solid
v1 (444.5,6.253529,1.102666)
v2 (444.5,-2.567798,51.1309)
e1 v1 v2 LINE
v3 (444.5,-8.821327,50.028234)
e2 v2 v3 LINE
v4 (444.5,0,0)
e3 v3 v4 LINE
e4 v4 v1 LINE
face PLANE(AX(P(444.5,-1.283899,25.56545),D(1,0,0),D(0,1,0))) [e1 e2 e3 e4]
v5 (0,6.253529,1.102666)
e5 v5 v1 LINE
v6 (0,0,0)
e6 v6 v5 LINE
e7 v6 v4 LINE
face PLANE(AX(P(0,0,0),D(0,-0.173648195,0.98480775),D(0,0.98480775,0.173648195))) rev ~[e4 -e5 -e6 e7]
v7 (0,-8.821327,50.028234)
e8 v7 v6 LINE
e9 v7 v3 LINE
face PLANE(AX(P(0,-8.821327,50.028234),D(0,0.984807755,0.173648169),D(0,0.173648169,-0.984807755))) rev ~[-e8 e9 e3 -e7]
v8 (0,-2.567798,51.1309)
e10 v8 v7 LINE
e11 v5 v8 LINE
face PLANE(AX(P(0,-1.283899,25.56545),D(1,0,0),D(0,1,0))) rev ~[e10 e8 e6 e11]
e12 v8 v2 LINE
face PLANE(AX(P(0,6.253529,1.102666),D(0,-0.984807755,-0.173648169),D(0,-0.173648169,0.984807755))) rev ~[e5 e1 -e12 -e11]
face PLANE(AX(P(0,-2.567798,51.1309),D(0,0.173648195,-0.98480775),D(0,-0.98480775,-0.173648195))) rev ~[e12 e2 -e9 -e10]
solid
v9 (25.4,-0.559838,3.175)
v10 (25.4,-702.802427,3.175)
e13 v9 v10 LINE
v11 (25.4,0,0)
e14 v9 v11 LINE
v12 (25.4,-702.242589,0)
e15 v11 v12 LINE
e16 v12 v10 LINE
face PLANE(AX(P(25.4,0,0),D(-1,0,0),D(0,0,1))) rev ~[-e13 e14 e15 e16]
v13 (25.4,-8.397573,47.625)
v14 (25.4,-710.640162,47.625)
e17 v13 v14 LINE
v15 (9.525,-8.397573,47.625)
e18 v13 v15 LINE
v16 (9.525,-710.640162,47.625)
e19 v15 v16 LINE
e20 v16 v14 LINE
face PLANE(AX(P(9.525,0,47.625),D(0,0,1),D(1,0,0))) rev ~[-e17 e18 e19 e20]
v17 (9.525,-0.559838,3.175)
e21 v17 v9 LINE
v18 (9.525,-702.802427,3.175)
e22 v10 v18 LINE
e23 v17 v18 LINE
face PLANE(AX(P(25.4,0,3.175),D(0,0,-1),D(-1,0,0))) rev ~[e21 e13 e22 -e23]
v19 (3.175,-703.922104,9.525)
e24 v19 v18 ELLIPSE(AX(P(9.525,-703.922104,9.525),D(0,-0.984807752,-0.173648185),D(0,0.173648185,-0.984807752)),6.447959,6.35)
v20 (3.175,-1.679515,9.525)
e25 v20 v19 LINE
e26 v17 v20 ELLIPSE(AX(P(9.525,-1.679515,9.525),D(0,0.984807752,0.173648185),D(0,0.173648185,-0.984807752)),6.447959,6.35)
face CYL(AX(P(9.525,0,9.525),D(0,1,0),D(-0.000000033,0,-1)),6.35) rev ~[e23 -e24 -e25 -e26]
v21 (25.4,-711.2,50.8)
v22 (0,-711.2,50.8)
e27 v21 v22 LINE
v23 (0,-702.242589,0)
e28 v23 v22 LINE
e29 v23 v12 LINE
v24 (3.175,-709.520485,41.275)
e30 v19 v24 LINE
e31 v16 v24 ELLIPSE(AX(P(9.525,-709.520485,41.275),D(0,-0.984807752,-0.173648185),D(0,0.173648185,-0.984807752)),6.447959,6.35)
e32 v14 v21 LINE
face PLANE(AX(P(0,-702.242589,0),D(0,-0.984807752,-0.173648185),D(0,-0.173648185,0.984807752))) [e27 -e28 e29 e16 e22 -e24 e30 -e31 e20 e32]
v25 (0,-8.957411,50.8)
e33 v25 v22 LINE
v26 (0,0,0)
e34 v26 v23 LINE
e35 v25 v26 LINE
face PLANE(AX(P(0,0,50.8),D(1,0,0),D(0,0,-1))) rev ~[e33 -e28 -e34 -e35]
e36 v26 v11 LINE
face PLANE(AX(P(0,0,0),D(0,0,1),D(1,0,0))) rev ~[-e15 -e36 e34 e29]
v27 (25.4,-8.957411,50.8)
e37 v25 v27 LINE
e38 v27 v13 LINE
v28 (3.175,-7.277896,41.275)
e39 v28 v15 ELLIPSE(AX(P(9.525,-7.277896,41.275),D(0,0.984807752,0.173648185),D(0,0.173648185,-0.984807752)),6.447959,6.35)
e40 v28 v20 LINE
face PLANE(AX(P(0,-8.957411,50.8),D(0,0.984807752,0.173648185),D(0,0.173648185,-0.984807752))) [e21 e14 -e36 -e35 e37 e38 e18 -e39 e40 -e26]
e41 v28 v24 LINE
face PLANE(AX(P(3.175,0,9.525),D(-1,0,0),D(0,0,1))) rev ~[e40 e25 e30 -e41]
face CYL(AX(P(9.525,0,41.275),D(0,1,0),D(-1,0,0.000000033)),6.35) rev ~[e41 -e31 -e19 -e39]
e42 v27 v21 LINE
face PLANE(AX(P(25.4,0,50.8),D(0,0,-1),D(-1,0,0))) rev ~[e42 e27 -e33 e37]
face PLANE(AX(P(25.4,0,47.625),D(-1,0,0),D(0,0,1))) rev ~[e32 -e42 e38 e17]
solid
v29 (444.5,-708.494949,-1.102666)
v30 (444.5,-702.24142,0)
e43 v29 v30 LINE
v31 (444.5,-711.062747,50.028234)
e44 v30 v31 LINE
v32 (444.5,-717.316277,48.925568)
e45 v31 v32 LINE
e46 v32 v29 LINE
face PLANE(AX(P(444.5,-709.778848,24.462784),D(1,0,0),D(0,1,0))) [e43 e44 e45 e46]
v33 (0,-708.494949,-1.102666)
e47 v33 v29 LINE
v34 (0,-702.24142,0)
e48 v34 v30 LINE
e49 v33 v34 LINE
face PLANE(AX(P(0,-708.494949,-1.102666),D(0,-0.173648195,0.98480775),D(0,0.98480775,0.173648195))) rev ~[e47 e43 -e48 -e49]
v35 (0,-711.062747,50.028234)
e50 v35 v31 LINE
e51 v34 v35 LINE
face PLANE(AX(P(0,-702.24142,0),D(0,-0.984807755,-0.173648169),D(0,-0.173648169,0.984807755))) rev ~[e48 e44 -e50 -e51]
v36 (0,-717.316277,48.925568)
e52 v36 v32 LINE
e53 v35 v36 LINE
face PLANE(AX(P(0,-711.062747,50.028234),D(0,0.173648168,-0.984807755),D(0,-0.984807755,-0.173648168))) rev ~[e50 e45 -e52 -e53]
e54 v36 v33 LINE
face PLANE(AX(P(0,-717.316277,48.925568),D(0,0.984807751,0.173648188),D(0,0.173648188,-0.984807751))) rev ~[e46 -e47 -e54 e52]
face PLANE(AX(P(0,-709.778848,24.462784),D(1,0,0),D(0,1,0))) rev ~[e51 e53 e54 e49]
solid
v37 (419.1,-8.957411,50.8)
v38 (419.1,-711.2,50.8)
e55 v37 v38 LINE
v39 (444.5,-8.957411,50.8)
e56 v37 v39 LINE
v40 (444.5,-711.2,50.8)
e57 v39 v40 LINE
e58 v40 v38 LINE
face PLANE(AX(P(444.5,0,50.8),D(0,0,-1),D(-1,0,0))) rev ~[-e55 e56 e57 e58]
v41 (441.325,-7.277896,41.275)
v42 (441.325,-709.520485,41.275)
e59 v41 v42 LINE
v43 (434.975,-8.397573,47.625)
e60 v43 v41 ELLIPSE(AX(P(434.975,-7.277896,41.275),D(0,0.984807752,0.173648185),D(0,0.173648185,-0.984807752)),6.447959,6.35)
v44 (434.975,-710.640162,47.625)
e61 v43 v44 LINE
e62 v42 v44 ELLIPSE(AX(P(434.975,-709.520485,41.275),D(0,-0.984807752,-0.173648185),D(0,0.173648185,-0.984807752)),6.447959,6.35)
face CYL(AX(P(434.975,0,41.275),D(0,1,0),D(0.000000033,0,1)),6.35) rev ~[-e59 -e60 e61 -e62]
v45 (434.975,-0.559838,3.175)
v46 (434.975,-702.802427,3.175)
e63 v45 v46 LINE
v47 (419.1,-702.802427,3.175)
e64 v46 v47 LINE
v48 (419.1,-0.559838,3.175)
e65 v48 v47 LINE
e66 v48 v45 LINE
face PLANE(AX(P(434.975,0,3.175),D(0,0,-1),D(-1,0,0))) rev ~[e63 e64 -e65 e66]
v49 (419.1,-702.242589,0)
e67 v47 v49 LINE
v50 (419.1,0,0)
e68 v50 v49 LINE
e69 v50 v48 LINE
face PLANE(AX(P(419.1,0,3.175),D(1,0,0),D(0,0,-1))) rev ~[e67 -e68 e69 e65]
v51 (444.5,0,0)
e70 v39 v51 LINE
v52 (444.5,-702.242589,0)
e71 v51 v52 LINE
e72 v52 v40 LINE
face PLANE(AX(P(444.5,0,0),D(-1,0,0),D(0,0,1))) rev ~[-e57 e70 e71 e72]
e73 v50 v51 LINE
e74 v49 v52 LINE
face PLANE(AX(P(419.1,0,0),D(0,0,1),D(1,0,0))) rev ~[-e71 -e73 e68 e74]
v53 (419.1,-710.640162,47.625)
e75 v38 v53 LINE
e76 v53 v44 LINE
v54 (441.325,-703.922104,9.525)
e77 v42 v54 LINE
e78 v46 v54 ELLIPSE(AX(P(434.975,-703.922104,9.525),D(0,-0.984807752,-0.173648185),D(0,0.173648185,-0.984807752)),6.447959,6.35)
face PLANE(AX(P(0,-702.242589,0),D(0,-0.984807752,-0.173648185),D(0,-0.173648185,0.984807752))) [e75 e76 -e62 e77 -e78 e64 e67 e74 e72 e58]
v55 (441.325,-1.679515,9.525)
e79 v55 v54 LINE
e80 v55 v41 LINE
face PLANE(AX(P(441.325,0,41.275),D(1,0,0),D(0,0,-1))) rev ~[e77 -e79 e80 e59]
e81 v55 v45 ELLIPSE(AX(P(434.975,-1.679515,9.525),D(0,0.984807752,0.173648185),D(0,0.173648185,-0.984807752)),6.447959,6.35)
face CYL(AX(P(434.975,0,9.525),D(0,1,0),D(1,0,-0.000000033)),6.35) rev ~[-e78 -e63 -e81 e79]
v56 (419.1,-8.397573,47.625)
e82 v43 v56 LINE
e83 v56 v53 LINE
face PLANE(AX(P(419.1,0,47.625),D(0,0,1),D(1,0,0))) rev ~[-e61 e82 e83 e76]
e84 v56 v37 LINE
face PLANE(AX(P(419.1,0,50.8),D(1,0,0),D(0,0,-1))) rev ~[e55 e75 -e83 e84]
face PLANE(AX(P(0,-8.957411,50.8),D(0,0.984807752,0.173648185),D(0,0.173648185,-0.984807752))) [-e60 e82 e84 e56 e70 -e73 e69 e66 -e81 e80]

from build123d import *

# Parameters (mm, degrees)
F1_DEPTH = 711.2
F3_DEPTH = 444.501
F5_DEPTH = 444.5


with BuildPart() as f1:
    # F0 (on Front) → F1 (new body)
    with BuildSketch(Plane.XZ):
        with BuildLine():
            Line((0, 50.8), (0, 0))
            Line((0, 0), (25.4, 0))
            Line((25.4, 0), (25.4, 3.175))
            Line((25.4, 3.175), (9.525, 3.175))
            ThreePointArc((9.525, 3.175), (5.034872, 5.034872), (3.175, 9.525))
            Line((3.175, 9.525), (3.175, 41.275))
            ThreePointArc((3.175, 41.275), (5.034872, 45.765128), (9.525, 47.625))
            Line((9.525, 47.625), (25.4, 47.625))
            Line((25.4, 47.625), (25.4, 50.8))
            Line((25.4, 50.8), (0, 50.8))
        make_face()
        with BuildLine():
            Line((419.1, 3.175), (419.1, 0))
            Line((419.1, 0), (444.5, 0))
            Line((444.5, 0), (444.5, 50.8))
            Line((444.5, 50.8), (419.1, 50.8))
            Line((419.1, 50.8), (419.1, 47.625))
            Line((419.1, 47.625), (434.975, 47.625))
            ThreePointArc((434.975, 47.625), (439.465128, 45.765128), (441.325, 41.275))
            Line((441.325, 41.275), (441.325, 9.525))
            ThreePointArc((441.325, 9.525), (439.465128, 5.034872), (434.975, 3.175))
            Line((434.975, 3.175), (419.1, 3.175))
        make_face()
    extrude(amount=F1_DEPTH)

    # F2 (on Right) → F3 (cut, through all)
    with BuildSketch(Plane.YZ):
        Polygon((-8.957411, 50.8), (0, 0), (0, 50.8), align=None)
        Polygon((-711.2, 0), (-702.242589, 0), (-711.2, 50.8), align=None)
    extrude(amount=F3_DEPTH, mode=Mode.SUBTRACT)


with BuildPart() as f5:
    # F4 (on Right) → F5 (new body)
    with BuildSketch(Plane.YZ):
        Polygon((-708.494949, -1.102666), (-702.24142, 0), (-711.062747, 50.028234), (-717.316277, 48.925568), align=None)
        Polygon((-8.821327, 50.028234), (0, 0), (6.253529, 1.102666), (-2.567798, 51.1309), align=None)
    extrude(amount=F5_DEPTH)


solid = Compound([f1.part, f5.part])
